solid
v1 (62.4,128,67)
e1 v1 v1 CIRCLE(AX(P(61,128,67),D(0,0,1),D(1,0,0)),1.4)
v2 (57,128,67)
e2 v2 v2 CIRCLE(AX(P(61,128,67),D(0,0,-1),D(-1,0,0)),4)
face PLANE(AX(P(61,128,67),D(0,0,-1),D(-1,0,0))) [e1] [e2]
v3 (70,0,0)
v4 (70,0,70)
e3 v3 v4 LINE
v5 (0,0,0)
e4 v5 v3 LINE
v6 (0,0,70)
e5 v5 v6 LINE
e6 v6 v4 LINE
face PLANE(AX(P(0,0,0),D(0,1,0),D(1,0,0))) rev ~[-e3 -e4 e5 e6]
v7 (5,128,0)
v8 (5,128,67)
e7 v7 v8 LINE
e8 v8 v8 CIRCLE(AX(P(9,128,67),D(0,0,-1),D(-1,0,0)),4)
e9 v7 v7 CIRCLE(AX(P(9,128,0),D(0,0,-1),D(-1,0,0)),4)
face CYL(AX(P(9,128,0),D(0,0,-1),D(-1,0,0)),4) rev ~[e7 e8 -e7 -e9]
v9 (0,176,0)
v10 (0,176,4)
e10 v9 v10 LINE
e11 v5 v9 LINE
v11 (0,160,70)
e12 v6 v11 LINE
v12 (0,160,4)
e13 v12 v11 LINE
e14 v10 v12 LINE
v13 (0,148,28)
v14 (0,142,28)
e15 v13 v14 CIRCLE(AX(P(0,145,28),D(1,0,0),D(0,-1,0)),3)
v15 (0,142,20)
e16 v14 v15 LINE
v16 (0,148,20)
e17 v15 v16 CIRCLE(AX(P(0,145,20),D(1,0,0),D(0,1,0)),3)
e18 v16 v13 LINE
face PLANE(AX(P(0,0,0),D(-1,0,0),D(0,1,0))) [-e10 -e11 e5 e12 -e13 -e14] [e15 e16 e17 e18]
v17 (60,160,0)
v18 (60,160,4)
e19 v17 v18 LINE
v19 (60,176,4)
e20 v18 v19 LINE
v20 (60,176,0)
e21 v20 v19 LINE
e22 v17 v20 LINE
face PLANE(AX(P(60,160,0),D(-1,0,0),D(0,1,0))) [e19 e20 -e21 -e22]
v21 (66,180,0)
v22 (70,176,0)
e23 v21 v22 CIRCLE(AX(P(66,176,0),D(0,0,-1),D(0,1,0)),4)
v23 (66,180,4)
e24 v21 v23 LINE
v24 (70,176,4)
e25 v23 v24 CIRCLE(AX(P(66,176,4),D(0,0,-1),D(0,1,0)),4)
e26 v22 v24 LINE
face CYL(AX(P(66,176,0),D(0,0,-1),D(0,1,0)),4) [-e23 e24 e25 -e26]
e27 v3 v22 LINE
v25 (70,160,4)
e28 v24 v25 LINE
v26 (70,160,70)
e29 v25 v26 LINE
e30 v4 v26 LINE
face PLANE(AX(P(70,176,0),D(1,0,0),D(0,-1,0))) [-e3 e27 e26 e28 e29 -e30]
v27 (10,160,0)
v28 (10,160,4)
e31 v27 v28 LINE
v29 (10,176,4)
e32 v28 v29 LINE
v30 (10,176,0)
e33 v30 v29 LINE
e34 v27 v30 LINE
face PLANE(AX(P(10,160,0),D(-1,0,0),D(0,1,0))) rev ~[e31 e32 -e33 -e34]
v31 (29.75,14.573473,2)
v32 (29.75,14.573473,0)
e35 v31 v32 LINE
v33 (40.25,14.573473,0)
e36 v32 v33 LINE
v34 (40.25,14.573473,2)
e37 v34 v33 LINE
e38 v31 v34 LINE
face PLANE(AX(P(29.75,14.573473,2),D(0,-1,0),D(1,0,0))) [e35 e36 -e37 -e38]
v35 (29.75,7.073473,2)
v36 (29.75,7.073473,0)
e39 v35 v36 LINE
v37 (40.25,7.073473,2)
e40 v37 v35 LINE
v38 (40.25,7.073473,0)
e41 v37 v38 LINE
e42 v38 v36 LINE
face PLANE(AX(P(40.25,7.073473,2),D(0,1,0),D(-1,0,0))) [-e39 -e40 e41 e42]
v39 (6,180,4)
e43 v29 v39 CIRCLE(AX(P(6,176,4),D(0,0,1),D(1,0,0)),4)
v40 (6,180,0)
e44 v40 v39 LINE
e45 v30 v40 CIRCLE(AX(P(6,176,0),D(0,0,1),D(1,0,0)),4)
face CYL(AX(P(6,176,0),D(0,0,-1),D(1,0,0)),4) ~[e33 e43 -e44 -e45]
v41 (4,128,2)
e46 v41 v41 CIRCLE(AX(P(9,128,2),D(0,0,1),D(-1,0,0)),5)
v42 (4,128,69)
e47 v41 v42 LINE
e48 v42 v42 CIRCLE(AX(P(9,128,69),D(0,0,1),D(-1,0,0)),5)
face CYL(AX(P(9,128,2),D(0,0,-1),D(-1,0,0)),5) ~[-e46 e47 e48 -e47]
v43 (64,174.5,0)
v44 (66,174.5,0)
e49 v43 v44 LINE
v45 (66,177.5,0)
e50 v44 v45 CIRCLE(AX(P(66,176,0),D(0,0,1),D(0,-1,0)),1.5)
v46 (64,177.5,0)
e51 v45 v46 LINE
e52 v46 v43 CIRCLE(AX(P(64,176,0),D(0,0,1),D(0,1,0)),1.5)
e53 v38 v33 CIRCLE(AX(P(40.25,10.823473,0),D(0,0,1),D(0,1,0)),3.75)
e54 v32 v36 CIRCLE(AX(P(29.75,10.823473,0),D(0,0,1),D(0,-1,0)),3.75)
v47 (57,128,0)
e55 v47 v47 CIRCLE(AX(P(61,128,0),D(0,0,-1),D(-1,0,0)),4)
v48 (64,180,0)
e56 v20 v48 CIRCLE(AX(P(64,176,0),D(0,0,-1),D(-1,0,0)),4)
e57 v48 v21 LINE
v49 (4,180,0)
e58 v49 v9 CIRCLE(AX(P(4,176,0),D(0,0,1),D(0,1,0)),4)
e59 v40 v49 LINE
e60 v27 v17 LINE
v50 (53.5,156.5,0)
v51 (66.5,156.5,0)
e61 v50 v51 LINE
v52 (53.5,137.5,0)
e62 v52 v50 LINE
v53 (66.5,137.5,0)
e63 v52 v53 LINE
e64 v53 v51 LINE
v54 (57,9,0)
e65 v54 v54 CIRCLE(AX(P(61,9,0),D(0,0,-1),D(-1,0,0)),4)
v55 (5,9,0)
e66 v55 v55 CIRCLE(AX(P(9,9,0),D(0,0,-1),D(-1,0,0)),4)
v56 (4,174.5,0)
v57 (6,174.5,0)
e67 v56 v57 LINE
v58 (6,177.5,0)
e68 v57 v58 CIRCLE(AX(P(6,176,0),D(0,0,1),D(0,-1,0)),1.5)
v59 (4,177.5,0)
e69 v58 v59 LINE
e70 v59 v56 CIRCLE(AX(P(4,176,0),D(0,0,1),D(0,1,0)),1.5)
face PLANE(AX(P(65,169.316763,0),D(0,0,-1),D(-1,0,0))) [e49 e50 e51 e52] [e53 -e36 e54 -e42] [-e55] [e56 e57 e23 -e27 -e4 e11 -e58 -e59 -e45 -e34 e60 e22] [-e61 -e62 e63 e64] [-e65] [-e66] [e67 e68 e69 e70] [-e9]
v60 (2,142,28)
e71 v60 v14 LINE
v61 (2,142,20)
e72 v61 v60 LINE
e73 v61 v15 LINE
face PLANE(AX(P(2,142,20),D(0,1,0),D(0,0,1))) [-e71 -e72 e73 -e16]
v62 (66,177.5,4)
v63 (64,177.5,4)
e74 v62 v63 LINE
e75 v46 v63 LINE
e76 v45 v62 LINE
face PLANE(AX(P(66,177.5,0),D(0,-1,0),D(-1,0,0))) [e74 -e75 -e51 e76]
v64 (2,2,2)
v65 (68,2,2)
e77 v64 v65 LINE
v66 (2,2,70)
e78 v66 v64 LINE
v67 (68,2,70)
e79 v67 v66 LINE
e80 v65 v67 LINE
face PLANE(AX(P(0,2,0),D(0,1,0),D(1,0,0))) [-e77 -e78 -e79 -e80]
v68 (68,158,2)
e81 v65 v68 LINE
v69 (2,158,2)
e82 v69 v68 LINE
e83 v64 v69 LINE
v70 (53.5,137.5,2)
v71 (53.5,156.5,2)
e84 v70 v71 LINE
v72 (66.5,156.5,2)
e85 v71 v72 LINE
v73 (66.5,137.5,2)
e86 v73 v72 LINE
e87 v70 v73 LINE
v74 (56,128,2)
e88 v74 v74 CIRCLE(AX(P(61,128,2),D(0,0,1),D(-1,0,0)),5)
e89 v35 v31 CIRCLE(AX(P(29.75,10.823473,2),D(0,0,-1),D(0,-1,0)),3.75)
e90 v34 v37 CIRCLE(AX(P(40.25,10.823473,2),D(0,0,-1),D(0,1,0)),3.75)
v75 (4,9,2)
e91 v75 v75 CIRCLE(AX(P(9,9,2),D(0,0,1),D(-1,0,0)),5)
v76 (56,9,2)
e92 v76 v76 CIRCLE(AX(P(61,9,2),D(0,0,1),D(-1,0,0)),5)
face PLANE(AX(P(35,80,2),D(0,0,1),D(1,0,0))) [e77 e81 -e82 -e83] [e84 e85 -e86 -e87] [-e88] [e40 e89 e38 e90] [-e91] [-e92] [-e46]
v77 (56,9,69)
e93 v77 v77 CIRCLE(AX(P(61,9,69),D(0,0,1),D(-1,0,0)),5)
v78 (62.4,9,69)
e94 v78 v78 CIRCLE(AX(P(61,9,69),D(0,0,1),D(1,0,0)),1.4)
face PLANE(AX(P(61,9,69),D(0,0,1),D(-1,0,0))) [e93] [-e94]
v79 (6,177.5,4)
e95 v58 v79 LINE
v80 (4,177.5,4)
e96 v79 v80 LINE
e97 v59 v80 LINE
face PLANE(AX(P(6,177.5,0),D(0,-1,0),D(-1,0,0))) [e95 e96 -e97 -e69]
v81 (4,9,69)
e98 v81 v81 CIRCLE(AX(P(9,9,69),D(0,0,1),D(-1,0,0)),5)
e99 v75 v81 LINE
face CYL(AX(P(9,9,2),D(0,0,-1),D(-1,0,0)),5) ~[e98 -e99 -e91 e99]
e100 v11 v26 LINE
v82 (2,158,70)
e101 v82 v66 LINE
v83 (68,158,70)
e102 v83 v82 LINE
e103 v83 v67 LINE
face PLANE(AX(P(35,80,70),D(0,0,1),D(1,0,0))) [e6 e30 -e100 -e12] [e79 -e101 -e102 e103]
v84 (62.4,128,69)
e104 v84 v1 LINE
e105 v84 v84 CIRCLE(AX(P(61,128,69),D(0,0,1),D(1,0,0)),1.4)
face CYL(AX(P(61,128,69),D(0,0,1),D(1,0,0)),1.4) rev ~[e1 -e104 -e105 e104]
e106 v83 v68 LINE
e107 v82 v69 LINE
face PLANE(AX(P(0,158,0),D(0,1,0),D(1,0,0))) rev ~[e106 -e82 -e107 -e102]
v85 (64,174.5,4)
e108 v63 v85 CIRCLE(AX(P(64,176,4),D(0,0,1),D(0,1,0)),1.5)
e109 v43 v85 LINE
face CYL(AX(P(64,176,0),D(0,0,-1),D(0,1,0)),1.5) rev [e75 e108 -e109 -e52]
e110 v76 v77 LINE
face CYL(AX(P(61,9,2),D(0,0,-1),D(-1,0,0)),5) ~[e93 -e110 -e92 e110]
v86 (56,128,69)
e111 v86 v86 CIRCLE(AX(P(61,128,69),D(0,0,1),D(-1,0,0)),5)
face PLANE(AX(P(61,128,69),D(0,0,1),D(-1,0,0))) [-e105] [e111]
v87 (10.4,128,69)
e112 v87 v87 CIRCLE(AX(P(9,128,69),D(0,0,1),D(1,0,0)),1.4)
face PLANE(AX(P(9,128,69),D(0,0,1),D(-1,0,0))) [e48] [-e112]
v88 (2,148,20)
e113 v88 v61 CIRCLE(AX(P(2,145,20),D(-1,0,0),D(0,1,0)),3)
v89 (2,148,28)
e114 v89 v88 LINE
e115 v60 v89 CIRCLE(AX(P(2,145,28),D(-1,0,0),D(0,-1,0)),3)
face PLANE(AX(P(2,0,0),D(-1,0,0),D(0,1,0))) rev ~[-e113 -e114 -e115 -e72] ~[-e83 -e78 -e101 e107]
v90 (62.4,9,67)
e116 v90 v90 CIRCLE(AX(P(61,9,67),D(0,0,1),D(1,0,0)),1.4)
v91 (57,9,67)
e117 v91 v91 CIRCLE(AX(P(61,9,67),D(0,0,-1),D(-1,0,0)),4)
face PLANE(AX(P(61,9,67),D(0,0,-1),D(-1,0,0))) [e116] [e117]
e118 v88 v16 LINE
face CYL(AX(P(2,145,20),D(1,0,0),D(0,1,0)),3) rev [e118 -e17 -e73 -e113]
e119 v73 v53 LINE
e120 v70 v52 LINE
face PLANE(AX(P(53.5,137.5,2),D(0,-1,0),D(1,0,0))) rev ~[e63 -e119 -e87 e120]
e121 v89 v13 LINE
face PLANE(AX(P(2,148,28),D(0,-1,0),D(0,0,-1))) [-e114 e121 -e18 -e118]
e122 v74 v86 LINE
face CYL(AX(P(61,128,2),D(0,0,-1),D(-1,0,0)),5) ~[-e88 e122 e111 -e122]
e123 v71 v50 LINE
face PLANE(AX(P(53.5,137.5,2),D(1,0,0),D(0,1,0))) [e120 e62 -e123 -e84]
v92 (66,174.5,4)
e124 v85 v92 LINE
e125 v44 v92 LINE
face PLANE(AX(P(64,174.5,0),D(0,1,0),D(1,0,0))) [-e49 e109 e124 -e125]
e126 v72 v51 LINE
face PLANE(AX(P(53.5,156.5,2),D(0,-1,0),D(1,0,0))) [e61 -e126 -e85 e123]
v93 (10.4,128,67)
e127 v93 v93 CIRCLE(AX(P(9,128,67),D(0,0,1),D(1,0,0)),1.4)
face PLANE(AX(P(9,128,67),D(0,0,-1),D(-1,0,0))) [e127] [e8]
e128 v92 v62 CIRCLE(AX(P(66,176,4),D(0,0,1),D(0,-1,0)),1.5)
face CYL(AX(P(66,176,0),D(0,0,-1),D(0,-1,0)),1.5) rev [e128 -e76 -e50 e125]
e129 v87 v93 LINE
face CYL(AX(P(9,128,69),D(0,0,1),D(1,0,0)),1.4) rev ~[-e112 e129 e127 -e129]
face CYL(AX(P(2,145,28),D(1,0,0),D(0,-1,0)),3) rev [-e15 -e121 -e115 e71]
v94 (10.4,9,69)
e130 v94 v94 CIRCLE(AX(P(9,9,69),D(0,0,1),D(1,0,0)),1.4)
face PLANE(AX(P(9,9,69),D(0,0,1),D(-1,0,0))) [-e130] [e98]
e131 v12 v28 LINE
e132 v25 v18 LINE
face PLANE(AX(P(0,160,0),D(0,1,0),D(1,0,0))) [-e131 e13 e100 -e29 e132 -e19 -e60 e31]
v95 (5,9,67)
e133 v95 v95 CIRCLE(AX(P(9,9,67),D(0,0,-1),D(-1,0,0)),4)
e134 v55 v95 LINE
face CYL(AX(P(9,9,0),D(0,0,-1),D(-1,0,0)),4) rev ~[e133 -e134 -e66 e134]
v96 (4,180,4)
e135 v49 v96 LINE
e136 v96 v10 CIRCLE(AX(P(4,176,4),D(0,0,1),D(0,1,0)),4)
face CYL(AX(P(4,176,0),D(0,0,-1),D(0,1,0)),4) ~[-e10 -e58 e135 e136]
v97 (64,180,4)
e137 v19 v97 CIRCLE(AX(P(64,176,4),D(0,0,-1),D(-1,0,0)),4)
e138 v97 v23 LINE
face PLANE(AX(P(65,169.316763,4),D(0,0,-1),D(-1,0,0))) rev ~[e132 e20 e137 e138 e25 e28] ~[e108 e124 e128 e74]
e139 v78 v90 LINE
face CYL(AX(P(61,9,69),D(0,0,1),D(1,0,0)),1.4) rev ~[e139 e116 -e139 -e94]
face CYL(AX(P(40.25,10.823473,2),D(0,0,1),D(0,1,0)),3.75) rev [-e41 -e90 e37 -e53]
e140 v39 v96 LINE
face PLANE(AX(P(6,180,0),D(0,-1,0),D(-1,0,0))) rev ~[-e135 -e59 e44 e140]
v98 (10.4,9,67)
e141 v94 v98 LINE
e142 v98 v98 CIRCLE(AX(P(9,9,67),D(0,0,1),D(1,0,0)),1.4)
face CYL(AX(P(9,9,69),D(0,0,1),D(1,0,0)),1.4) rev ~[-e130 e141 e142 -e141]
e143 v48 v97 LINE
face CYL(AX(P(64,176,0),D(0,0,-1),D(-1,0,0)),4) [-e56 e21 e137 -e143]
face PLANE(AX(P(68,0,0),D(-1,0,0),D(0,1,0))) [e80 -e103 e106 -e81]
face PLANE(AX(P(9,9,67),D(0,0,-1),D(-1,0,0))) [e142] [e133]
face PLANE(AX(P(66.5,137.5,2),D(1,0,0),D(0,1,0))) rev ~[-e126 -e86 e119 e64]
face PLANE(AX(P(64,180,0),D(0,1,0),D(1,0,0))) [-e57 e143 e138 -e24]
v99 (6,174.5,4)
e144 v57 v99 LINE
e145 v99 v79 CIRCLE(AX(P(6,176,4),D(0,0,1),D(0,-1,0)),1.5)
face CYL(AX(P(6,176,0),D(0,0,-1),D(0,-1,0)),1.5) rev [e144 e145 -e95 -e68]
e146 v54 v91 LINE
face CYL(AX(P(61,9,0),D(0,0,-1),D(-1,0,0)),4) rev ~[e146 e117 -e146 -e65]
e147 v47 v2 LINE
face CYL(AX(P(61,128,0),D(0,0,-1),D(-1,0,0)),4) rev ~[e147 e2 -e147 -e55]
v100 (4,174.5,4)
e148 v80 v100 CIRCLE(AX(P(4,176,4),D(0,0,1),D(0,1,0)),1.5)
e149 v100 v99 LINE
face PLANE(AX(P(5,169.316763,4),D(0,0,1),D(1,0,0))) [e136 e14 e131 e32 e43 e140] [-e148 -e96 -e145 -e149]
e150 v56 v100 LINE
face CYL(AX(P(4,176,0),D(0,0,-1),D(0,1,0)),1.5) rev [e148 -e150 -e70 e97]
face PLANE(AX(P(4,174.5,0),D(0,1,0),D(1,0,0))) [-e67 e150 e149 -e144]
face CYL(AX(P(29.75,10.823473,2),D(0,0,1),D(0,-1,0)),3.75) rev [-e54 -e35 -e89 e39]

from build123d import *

# Parameters (mm, degrees)
CROQUIS1_W              = 70
CROQUIS1_H              = 160
SALIENTE_EXTRUIR1_DEPTH = 70
VACIADO1_T              = -2
CROQUIS2_W              = 13
CROQUIS2_H              = 19
CORTAR_EXTRUIR1_DEPTH   = 188.413980268
CORTAR_EXTRUIR2_DEPTH   = 188.413980268
CORTAR_EXTRUIR3_DEPTH   = 188.413980268
CROQUIS5_R              = 5
CROQUIS5_R_2            = 3
SALIENTE_EXTRUIR2_DEPTH = 67
CROQUIS6_R              = 3.05
CROQUIS6_R_2            = 1.4
SALIENTE_EXTRUIR3_DEPTH = 2
SALIENTE_EXTRUIR4_DEPTH = 4
CROQUIS8_R              = 4
CORTAR_EXTRUIR4_DEPTH   = 67


with BuildPart() as part:
    # Croquis1 → Saliente-Extruir1 (new body)
    with BuildSketch(Plane.XY):
        with Locations((35, 80)):
            Rectangle(CROQUIS1_W, CROQUIS1_H)
    extrude(amount=SALIENTE_EXTRUIR1_DEPTH)

    # Vaciado1
    vaciado1_openings = [part.faces().sort_by_distance(p)[0] for p in [
        (35, 80, 70),
    ]]
    offset(amount=VACIADO1_T, openings=vaciado1_openings, kind=Kind.INTERSECTION)

    # Croquis2 → Cortar-Extruir1 (cut, through all)
    with BuildSketch(Plane.XY.offset(2)):
        with Locations((60, 147)):
            Rectangle(CROQUIS2_W, CROQUIS2_H)
    extrude(amount=-CORTAR_EXTRUIR1_DEPTH, mode=Mode.SUBTRACT)

    # Croquis3 → Cortar-Extruir2 (cut, through all)
    with BuildSketch(Plane.XY.offset(2)):
        with BuildLine():
            Line((29.75, 14.573472877), (40.25, 14.573472877))
            ThreePointArc((40.25, 14.573472877), (44, 10.823472877), (40.25, 7.073472877))
            Line((40.25, 7.073472877), (29.75, 7.073472877))
            ThreePointArc((29.75, 7.073472877), (26, 10.823472877), (29.75, 14.573472877))
        make_face()
    extrude(amount=-CORTAR_EXTRUIR2_DEPTH, mode=Mode.SUBTRACT)

    # Croquis4 → Cortar-Extruir3 (cut, through all)
    with BuildSketch(Plane(origin=(2, 0, 0), x_dir=(0, 0, -1), z_dir=(1, 0, 0))):
        with BuildLine():
            Line((-28, 148), (-20, 148))
            ThreePointArc((-20, 148), (-17, 145), (-20, 142))
            Line((-20, 142), (-28, 142))
            ThreePointArc((-28, 142), (-31, 145), (-28, 148))
        make_face()
    extrude(amount=-CORTAR_EXTRUIR3_DEPTH, mode=Mode.SUBTRACT)

    # Croquis5 → Saliente-Extruir2 (add)
    # profile 1 of 4: a face of its own
    with BuildSketch(Plane.XY.offset(2)):
        with Locations(Location((9, 128, 0), (0, 0, 180))):
            Circle(CROQUIS5_R)
        with Locations((9, 128)):
            Circle(CROQUIS5_R_2, mode=Mode.SUBTRACT)
    # profile 2 of 4: a face of its own
    with BuildSketch(Plane.XY.offset(2)):
        with Locations(Location((9, 9, 0), (0, 0, 180))):
            Circle(CROQUIS5_R)
        with Locations((9, 9)):
            Circle(CROQUIS5_R_2, mode=Mode.SUBTRACT)
    # profile 3 of 4: a face of its own
    with BuildSketch(Plane.XY.offset(2)):
        with Locations(Location((61, 128, 0), (0, 0, 180))):
            Circle(CROQUIS5_R)
        with Locations((61, 128)):
            Circle(CROQUIS5_R_2, mode=Mode.SUBTRACT)
    # profile 4 of 4: a face of its own
    with BuildSketch(Plane.XY.offset(2)):
        with Locations(Location((61, 9, 0), (0, 0, 180))):
            Circle(CROQUIS5_R)
        with Locations((61, 9)):
            Circle(CROQUIS5_R_2, mode=Mode.SUBTRACT)
    extrude(amount=SALIENTE_EXTRUIR2_DEPTH)

    # Croquis6 → Saliente-Extruir3 (add)
    # profile 1 of 4: a face of its own
    with BuildSketch(Plane.XY.offset(69)):
        with Locations((9, 128)):
            Circle(CROQUIS6_R)
        with Locations((9, 128)):
            Circle(CROQUIS6_R_2, mode=Mode.SUBTRACT)
    # profile 2 of 4: a face of its own
    with BuildSketch(Plane.XY.offset(69)):
        with Locations((61, 128)):
            Circle(CROQUIS6_R)
        with Locations((61, 128)):
            Circle(CROQUIS6_R_2, mode=Mode.SUBTRACT)
    # profile 3 of 4: a face of its own
    with BuildSketch(Plane.XY.offset(69)):
        with Locations((61, 9)):
            Circle(CROQUIS6_R)
        with Locations((61, 9)):
            Circle(CROQUIS6_R_2, mode=Mode.SUBTRACT)
    # profile 4 of 4: a face of its own
    with BuildSketch(Plane.XY.offset(69)):
        with Locations((9, 9)):
            Circle(CROQUIS6_R)
        with Locations((9, 9)):
            Circle(CROQUIS6_R_2, mode=Mode.SUBTRACT)
    extrude(amount=-SALIENTE_EXTRUIR3_DEPTH)

    # Croquis7 → Saliente-Extruir4 (add)
    # profile 1 of 2: a face of its own
    with BuildSketch(Plane(origin=(0, 0, 0), x_dir=(-1, 0, 0), z_dir=(0, 0, -1))):
        with BuildLine():
            Line((-70, 160), (-60, 160))
            Line((-60, 160), (-60, 176))
            ThreePointArc((-60, 176), (-61.171572875, 178.828427125), (-64, 180))
            Line((-64, 180), (-66, 180))
            ThreePointArc((-66, 180), (-68.828427125, 178.828427125), (-70, 176))
            Line((-70, 176), (-70, 160))
        make_face()
        with BuildLine():
            Line((-66, 177.5), (-64, 177.5))
            ThreePointArc((-64, 177.5), (-62.5, 176), (-64, 174.5))
            Line((-64, 174.5), (-66, 174.5))
            ThreePointArc((-66, 174.5), (-67.5, 176), (-66, 177.5))
        make_face(mode=Mode.SUBTRACT)
    # profile 2 of 2: a face of its own
    with BuildSketch(Plane(origin=(0, 0, 0), x_dir=(-1, 0, 0), z_dir=(0, 0, -1))):
        with BuildLine():
            Line((0, 160), (-10, 160))
            Line((-10, 160), (-10, 176))
            ThreePointArc((-10, 176), (-8.828427125, 178.828427125), (-6, 180))
            Line((-6, 180), (-4, 180))
            ThreePointArc((-4, 180), (-1.171572875, 178.828427125), (0, 176))
            Line((0, 176), (0, 160))
        make_face()
        with BuildLine():
            Line((-6, 177.5), (-4, 177.5))
            ThreePointArc((-4, 177.5), (-2.5, 176), (-4, 174.5))
            Line((-4, 174.5), (-6, 174.5))
            ThreePointArc((-6, 174.5), (-7.5, 176), (-6, 177.5))
        make_face(mode=Mode.SUBTRACT)
    extrude(amount=-SALIENTE_EXTRUIR4_DEPTH)

    # Croquis8 → Cortar-Extruir4 (cut)
    with BuildSketch(Plane(origin=(0, 0, 0), x_dir=(-1, 0, 0), z_dir=(0, 0, -1))):
        with Locations((-61, 128)):
            Circle(CROQUIS8_R)
        with Locations((-9, 128)):
            Circle(CROQUIS8_R)
        with Locations((-61, 9)):
            Circle(CROQUIS8_R)
        with Locations((-9, 9)):
            Circle(CROQUIS8_R)
    extrude(amount=-CORTAR_EXTRUIR4_DEPTH, mode=Mode.SUBTRACT)


solid = part.part
